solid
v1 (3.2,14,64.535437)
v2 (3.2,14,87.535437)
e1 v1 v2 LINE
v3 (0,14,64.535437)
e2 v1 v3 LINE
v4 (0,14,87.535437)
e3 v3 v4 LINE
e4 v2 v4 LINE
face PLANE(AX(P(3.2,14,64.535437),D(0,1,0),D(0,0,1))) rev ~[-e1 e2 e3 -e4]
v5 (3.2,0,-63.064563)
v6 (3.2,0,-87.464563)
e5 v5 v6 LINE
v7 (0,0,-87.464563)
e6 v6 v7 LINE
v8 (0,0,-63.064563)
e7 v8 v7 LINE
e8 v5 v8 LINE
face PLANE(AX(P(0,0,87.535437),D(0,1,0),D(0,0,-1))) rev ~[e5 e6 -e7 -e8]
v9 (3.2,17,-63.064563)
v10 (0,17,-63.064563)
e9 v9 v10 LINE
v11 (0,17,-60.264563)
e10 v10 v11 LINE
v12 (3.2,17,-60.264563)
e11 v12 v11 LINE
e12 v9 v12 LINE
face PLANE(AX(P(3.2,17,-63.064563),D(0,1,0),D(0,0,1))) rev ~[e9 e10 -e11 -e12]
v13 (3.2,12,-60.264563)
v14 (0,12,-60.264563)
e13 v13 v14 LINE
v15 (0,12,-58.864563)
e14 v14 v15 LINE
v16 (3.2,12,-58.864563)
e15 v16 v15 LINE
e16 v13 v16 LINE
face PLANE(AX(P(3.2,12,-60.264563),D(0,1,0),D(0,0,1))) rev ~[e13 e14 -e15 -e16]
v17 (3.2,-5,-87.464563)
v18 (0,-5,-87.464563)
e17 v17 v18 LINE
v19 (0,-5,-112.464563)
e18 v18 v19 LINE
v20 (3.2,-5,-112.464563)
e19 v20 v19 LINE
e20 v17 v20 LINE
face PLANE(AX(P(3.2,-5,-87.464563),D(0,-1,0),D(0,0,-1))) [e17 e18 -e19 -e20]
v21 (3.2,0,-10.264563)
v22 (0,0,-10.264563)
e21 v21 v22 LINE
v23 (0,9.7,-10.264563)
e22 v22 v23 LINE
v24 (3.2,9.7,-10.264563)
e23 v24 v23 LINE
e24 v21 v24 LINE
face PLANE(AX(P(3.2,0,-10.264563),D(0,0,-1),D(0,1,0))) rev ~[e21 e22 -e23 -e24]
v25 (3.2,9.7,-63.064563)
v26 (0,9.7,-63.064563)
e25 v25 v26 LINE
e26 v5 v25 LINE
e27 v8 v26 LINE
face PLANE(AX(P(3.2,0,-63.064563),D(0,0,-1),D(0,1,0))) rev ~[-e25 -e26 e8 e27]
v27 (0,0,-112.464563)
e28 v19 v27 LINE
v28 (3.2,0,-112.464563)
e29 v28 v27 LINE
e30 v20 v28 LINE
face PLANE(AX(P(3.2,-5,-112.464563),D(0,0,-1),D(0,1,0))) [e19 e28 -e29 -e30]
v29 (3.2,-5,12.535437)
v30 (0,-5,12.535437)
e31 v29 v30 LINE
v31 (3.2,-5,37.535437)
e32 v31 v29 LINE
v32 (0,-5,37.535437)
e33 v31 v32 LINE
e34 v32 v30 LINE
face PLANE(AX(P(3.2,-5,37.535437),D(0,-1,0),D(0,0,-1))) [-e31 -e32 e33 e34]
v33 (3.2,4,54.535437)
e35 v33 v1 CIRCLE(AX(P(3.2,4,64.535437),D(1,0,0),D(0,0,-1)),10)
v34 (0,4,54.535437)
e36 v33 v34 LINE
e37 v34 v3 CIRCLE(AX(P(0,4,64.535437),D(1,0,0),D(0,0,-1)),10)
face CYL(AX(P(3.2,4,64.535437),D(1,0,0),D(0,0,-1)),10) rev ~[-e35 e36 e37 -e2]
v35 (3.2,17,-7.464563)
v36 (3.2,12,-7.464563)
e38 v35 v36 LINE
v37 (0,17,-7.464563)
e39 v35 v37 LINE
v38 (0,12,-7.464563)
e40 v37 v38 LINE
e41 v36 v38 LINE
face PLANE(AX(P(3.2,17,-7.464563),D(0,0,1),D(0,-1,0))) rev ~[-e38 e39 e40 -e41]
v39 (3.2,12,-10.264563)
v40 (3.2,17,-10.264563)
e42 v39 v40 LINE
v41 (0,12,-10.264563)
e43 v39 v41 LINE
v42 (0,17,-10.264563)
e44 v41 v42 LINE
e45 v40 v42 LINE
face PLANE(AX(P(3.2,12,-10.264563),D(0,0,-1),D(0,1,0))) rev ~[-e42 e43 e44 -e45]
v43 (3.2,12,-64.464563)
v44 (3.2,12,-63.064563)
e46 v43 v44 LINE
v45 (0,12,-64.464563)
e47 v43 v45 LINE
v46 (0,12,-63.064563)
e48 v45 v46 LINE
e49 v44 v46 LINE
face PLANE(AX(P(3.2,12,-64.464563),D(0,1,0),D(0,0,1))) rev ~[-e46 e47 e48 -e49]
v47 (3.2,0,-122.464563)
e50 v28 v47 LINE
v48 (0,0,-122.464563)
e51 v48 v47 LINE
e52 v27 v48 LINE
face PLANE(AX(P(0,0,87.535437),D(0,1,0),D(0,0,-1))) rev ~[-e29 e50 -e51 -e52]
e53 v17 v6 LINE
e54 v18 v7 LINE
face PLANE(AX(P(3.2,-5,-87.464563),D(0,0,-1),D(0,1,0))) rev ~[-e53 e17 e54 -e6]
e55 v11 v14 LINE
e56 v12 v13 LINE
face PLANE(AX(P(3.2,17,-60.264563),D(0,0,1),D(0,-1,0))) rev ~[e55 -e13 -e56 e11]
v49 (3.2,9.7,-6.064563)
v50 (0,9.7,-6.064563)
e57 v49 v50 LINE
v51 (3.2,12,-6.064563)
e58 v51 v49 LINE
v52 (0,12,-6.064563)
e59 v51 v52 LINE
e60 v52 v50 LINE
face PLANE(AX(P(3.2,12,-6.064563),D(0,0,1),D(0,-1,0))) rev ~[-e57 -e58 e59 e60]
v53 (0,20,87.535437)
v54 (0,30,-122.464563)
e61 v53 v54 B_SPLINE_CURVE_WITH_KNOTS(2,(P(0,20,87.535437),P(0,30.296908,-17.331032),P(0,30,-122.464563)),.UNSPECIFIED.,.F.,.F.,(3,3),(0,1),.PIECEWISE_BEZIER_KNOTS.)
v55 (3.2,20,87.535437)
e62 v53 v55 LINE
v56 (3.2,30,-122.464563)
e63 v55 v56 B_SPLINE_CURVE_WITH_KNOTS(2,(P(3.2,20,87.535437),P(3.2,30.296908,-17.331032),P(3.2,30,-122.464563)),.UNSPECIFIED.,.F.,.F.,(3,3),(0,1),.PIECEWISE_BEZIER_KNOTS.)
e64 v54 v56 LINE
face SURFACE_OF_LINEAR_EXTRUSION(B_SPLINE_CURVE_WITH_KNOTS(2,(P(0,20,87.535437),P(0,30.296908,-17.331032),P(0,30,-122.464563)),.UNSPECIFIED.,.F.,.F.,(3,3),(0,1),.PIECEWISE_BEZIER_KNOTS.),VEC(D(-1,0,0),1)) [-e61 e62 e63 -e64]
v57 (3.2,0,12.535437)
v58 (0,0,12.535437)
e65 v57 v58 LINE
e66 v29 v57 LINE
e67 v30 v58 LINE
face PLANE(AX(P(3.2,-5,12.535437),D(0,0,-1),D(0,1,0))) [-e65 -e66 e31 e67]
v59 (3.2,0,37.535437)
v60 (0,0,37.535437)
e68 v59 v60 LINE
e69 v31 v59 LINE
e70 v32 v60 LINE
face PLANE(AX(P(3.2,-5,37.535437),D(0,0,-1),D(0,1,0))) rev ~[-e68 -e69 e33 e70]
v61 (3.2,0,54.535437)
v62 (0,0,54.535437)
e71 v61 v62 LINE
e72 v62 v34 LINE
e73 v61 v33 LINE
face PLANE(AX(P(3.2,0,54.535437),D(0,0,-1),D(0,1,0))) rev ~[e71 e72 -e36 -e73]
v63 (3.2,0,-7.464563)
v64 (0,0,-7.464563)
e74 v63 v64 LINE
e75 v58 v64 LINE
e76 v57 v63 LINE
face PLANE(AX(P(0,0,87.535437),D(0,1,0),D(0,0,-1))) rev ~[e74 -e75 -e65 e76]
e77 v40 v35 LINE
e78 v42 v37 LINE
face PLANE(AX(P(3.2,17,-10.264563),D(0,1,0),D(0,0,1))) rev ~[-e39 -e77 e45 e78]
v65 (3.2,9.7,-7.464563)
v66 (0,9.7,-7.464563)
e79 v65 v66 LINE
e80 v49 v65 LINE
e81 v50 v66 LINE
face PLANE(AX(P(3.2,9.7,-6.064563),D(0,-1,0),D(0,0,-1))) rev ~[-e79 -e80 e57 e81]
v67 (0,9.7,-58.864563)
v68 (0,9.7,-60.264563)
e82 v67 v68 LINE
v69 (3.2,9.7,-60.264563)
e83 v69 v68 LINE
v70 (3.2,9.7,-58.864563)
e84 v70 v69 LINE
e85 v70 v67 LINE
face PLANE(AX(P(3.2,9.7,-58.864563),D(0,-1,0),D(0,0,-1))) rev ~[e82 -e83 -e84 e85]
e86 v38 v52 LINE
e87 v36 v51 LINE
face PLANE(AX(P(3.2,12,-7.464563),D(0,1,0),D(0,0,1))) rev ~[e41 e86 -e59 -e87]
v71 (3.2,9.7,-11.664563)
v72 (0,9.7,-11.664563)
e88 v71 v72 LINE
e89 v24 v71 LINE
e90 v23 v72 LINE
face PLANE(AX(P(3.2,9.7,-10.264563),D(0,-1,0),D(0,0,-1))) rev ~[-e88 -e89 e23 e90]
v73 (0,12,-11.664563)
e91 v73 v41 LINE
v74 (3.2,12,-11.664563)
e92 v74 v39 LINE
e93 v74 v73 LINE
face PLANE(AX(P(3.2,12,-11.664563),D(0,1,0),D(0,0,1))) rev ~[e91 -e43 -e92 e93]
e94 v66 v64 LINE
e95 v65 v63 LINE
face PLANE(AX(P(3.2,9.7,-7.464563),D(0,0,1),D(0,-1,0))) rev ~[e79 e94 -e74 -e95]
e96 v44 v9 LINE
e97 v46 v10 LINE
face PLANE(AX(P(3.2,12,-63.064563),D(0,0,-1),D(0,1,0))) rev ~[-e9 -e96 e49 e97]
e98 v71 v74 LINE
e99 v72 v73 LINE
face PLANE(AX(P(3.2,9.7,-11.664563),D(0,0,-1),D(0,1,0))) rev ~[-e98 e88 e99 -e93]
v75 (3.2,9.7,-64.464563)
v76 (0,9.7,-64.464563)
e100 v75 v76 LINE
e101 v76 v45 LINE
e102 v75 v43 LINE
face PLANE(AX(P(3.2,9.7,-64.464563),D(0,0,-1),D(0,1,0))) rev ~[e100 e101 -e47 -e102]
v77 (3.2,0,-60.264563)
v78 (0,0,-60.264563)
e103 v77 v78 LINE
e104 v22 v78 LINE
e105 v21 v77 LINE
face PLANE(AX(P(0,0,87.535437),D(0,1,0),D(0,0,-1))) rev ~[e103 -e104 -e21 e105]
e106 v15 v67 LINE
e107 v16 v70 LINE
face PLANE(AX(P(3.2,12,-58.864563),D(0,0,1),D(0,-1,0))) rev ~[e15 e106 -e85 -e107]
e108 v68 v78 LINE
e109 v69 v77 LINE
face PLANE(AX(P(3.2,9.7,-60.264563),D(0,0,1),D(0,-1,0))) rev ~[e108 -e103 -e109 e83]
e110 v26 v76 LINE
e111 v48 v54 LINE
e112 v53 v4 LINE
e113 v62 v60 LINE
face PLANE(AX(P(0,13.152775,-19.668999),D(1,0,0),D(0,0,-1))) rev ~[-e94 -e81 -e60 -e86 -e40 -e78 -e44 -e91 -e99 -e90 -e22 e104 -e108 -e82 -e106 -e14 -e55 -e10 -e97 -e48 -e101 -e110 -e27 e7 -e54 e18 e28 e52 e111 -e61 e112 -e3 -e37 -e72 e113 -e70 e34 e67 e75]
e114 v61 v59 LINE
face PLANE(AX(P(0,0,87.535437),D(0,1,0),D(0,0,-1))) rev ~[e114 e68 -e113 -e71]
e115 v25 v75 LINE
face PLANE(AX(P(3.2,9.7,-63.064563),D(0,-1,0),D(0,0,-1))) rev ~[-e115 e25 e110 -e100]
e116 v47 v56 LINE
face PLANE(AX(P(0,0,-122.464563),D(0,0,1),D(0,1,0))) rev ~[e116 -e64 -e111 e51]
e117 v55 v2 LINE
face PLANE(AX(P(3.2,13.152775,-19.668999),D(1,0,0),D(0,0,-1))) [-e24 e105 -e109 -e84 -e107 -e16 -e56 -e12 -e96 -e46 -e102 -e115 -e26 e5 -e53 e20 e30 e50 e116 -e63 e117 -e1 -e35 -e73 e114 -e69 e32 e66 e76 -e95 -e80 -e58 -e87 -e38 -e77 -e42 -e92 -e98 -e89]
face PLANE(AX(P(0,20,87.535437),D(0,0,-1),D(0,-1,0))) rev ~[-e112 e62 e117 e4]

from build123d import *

# Parameters (mm, degrees)
MAIN_DEPTH        = 3.2
WHEEL_DEPTH       = 3.2
SKETCH3_W         = 25
SKETCH3_H         = 5
TABS_DEPTH        = 3.2
SCREW_HOLES_DEPTH = 3.2


with BuildPart() as part:
    # Sketch1 → main (new body)
    with BuildSketch(Plane(origin=(0, 0, 0), x_dir=(0, 0, -1), z_dir=(1, 0, 0))):
        with BuildLine():
            Line((-87.535437106, 0), (122.464562894, 0))
            Line((122.464562894, 0), (122.464562894, 30))
            add(Edge.make_bspline(
                [(-87.535437106, 20), (17.331032425, 30.296907598), (122.464562894, 30)],
                knots=[0, 0, 0, 1, 1, 1], degree=2))
            Line((-87.535437106, 20), (-87.535437106, 0))
        make_face()
    extrude(amount=MAIN_DEPTH)

    # Sketch2 → wheel (cut)
    with BuildSketch(Plane(origin=(3.2, 0, 0), x_dir=(0, 0, -1), z_dir=(1, 0, 0))):
        with BuildLine():
            Line((-87.535437106, 0), (-54.535437106, 0))
            Line((-54.535437106, 0), (-54.535437106, 4))
            ThreePointArc((-54.535437106, 4), (-57.464369294, 11.071067812), (-64.535437106, 14))
            Line((-64.535437106, 14), (-87.535437106, 14))
            Line((-87.535437106, 14), (-87.535437106, 0))
        make_face()
    extrude(amount=-WHEEL_DEPTH, mode=Mode.SUBTRACT)

    # Sketch3 → tabs (add)
    with BuildSketch(Plane(origin=(3.2, 0, 0), x_dir=(0, 0, -1), z_dir=(1, 0, 0))):
        with Locations((-25.035437106, -2.5)):
            Rectangle(SKETCH3_W, SKETCH3_H)
        with Locations((99.964562894, -2.5)):
            Rectangle(SKETCH3_W, SKETCH3_H)
    extrude(amount=-TABS_DEPTH)

    # Sketch5 → screw holes (cut)
    with BuildSketch(Plane(origin=(3.2, 0, 0), x_dir=(0, 0, -1), z_dir=(1, 0, 0))):
        Polygon((7.464562894, 0), (10.264562894, 0), (10.264562894, 9.7), (11.664562894, 9.7), (11.664562894, 12), (10.264562894, 12), (10.264562894, 17), (7.464562894, 17), (7.464562894, 12), (6.064562894, 12), (6.064562894, 9.7), (7.464562894, 9.7), align=None)
        Polygon((60.264562894, 0), (63.064562894, 0), (63.064562894, 9.7), (64.464562894, 9.7), (64.464562894, 12), (63.064562894, 12), (63.064562894, 17), (60.264562894, 17), (60.264562894, 12), (58.864562894, 12), (58.864562894, 9.7), (60.264562894, 9.7), align=None)
    extrude(amount=-SCREW_HOLES_DEPTH, mode=Mode.SUBTRACT)


solid = part.part
